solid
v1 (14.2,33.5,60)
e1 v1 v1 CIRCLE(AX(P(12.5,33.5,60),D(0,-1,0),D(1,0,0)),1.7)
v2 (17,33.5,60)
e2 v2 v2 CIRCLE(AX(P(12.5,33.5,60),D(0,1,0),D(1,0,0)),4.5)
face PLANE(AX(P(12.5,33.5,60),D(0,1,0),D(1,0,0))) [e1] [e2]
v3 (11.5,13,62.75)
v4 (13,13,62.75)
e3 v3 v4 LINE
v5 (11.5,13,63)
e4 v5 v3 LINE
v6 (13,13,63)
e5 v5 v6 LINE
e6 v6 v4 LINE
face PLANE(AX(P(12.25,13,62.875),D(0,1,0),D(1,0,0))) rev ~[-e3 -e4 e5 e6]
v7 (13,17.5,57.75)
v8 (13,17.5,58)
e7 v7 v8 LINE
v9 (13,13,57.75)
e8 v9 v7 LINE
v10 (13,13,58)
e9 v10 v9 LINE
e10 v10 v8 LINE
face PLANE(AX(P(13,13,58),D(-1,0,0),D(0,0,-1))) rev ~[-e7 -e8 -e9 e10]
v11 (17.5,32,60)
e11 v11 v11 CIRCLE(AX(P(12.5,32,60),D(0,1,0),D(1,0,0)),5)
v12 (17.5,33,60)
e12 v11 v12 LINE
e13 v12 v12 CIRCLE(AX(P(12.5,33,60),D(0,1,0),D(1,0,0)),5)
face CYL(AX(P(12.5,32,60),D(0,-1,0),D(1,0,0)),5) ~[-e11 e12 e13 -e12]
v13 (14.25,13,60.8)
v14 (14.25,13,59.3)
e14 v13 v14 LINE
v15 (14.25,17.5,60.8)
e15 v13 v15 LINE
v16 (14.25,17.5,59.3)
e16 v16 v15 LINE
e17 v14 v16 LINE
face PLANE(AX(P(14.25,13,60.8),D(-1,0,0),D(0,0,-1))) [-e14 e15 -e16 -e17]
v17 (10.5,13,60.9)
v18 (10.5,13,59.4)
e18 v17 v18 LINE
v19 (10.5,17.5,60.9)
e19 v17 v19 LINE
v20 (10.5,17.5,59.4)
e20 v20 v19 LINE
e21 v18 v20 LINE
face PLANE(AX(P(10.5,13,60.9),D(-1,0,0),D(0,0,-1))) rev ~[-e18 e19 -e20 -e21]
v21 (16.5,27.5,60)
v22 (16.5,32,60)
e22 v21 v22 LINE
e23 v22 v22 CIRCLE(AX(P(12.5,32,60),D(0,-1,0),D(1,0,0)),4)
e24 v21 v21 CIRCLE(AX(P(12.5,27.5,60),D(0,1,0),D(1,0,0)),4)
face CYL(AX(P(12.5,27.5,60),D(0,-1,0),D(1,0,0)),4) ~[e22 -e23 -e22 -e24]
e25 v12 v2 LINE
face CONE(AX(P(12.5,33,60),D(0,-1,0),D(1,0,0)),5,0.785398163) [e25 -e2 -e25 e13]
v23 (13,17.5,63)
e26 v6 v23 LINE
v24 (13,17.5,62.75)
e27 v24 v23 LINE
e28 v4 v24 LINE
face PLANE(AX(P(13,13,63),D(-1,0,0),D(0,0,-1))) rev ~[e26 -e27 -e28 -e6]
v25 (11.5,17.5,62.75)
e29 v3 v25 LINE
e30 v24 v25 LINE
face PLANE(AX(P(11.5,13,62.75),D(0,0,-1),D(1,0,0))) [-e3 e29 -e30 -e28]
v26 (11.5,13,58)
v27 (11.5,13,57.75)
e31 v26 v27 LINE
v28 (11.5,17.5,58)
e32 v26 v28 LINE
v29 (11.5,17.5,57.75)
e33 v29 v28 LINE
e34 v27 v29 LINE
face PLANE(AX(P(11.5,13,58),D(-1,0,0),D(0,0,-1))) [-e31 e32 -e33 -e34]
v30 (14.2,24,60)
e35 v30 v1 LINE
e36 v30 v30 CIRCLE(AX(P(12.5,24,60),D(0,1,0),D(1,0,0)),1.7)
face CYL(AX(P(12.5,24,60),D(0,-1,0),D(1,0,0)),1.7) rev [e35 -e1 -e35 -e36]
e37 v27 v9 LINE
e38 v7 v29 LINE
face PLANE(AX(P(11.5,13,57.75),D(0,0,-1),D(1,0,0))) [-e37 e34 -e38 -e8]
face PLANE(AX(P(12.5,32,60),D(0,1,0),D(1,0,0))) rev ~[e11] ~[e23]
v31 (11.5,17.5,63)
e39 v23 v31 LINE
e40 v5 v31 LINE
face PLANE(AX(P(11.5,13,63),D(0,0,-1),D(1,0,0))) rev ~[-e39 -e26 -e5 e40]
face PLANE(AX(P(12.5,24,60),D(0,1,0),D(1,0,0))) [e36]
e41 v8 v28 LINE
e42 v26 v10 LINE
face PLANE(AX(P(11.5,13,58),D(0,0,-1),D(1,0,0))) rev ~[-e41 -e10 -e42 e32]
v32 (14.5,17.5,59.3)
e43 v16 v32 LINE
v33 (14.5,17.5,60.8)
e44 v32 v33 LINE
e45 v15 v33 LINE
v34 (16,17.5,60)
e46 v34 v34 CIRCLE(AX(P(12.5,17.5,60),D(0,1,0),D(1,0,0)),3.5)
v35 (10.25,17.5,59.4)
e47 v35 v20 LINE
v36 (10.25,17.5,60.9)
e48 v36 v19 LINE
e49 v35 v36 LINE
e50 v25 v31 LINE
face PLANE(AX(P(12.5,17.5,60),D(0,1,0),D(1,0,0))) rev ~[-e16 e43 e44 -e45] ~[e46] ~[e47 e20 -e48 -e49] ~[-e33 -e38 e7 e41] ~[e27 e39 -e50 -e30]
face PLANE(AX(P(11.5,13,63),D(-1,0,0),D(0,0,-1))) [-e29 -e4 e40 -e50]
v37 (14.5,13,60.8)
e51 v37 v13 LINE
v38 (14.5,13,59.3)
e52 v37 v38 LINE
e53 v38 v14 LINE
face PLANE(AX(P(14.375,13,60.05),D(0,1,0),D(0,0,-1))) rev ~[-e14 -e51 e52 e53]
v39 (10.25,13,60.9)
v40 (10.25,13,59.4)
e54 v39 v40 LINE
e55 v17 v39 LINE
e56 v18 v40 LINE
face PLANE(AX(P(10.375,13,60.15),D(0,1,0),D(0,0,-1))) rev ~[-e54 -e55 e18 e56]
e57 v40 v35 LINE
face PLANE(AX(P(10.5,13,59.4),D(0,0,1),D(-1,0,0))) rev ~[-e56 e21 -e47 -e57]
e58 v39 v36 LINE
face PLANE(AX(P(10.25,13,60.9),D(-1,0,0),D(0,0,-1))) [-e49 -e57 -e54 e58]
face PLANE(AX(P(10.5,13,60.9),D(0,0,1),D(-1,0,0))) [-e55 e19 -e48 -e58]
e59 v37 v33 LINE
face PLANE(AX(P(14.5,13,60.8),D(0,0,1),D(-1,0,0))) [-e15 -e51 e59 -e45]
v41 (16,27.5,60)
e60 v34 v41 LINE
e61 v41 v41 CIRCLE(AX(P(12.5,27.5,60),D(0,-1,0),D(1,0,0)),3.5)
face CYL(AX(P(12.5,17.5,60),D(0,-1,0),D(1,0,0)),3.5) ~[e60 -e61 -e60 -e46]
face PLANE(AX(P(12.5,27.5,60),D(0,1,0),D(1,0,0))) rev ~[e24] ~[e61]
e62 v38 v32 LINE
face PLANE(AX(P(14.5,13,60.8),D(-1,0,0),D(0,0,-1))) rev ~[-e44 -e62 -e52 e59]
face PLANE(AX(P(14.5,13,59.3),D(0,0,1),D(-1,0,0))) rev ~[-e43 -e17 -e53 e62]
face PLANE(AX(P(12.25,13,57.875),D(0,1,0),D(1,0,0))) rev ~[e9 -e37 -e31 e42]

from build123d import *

# Parameters (mm, degrees)
CYLINDER003005_R          = 1.7
CYLINDER003005_DEPTH      = 10
CYLINDER002010_R          = 3.5
CYLINDER002010_DEPTH      = 16
BOX001001007_W            = 1.5
BOX001001007_H            = 0.25
BOX001001007_DEPTH        = 4.6
BOX001001008_W            = 1.5
BOX001001008_H            = 0.25
BOX001001008_DEPTH        = 4.6
BOX001001_W               = 1.5
BOX001001_H               = 0.25
BOX001001_DEPTH           = 4.6
BOX001001_PLACEMENT_ANGLE = 90
BOX001002_W               = 1.5
BOX001002_H               = 0.25
BOX001002_DEPTH           = 4.6
BOX001002_PLACEMENT_ANGLE = 90
CYLINDER004013_R          = 5
CYLINDER004013_DEPTH      = 1.5
CHAMFER009_SIZE           = 0.5
CYLINDER001009_R          = 4
CYLINDER001009_DEPTH      = 4.6
CUT003013_ROLL_ANGLE      = -90


with BuildPart() as hole:
    # Cylinder003005 → Cylinder003005 (new body)
    with BuildSketch(Plane.XY.offset(-8)):
        Circle(CYLINDER003005_R)
    extrude(amount=CYLINDER003005_DEPTH)


with BuildPart() as cylinder002010:
    # Cylinder002010 → Cylinder002010 (new body)
    with BuildSketch(Plane.XY.offset(-14.5)):
        Circle(CYLINDER002010_R)
    extrude(amount=CYLINDER002010_DEPTH)


with BuildPart() as contact:
    # Box001001007 → Box001001007 (new body)
    with BuildSketch(Plane(origin=(-1, -3, -19), x_dir=(1, 0, 0), z_dir=(0, 0, 1))):
        with Locations((0.75, 0.125)):
            Rectangle(BOX001001007_W, BOX001001007_H)
    extrude(amount=BOX001001007_DEPTH)


with BuildPart() as contact001:
    # Box001001008 → Box001001008 (new body)
    with BuildSketch(Plane(origin=(-1, 2, -19), x_dir=(1, 0, 0), z_dir=(0, 0, 1))):
        with Locations((0.75, 0.125)):
            Rectangle(BOX001001008_W, BOX001001008_H)
    extrude(amount=BOX001001008_DEPTH)


with BuildPart() as contact002:
    # Box001001 → Box001001 (new body)
    with BuildSketch(Plane.XY):
        with Locations((0.75, 0.125)):
            Rectangle(BOX001001_W, BOX001001_H)
    extrude(amount=BOX001001_DEPTH)


with BuildPart() as contact002_1:
    # Box001001 placement: moved
    add(contact002.part.moved(Location((2, -0.8, -19))).rotate(Axis((2, -0.8, -19), (0, 0, 1)), BOX001001_PLACEMENT_ANGLE))


with BuildPart() as contact003:
    # Box001002 → Box001002 (new body)
    with BuildSketch(Plane.XY):
        with Locations((0.75, 0.125)):
            Rectangle(BOX001002_W, BOX001002_H)
    extrude(amount=BOX001002_DEPTH)


with BuildPart() as contact003_1:
    # Box001002 placement: moved
    add(contact003.part.moved(Location((-2, -0.9, -19))).rotate(Axis((-2, -0.9, -19), (0, 0, 1)), BOX001002_PLACEMENT_ANGLE))


with BuildPart() as chamfer009:
    # Cylinder004013 → Cylinder004013 (new body)
    with BuildSketch(Plane.XY):
        Circle(CYLINDER004013_R)
    extrude(amount=CYLINDER004013_DEPTH)

    # Chamfer009
    chamfer009_edges = [chamfer009.edges().sort_by_distance(p)[0] for p in [
        (-5, 0, 1.5),
    ]]
    chamfer(chamfer009_edges, length=CHAMFER009_SIZE)


with BuildPart() as f_4_way_jack_socket:
    # Cylinder001009 → Cylinder001009 (new body)
    with BuildSketch(Plane.XY.offset(-4.5)):
        Circle(CYLINDER001009_R)
    extrude(amount=CYLINDER001009_DEPTH)

    # Fusion001002: union Cylinder002010, Contact, Contact001, Contact002, Contact003, Chamfer009
    add(cylinder002010.part)
    add(contact.part)
    add(contact001.part)
    add(contact002_1.part)
    add(contact003_1.part)
    add(chamfer009.part)

    # Cut003013: cut hole
    add(hole.part, mode=Mode.SUBTRACT)


with BuildPart() as f_4_way_jack_socket_1:
    # Cut003013 roll: moved
    add(f_4_way_jack_socket.part.rotate(Axis((0, 0, 0), (1, 0, 0)), CUT003013_ROLL_ANGLE))


with BuildPart() as f_4_way_jack_socket_2:
    # Cut003013 placement: moved
    add(f_4_way_jack_socket_1.part.moved(Location((12.5, 32, 60))))


solid = f_4_way_jack_socket_2.part
